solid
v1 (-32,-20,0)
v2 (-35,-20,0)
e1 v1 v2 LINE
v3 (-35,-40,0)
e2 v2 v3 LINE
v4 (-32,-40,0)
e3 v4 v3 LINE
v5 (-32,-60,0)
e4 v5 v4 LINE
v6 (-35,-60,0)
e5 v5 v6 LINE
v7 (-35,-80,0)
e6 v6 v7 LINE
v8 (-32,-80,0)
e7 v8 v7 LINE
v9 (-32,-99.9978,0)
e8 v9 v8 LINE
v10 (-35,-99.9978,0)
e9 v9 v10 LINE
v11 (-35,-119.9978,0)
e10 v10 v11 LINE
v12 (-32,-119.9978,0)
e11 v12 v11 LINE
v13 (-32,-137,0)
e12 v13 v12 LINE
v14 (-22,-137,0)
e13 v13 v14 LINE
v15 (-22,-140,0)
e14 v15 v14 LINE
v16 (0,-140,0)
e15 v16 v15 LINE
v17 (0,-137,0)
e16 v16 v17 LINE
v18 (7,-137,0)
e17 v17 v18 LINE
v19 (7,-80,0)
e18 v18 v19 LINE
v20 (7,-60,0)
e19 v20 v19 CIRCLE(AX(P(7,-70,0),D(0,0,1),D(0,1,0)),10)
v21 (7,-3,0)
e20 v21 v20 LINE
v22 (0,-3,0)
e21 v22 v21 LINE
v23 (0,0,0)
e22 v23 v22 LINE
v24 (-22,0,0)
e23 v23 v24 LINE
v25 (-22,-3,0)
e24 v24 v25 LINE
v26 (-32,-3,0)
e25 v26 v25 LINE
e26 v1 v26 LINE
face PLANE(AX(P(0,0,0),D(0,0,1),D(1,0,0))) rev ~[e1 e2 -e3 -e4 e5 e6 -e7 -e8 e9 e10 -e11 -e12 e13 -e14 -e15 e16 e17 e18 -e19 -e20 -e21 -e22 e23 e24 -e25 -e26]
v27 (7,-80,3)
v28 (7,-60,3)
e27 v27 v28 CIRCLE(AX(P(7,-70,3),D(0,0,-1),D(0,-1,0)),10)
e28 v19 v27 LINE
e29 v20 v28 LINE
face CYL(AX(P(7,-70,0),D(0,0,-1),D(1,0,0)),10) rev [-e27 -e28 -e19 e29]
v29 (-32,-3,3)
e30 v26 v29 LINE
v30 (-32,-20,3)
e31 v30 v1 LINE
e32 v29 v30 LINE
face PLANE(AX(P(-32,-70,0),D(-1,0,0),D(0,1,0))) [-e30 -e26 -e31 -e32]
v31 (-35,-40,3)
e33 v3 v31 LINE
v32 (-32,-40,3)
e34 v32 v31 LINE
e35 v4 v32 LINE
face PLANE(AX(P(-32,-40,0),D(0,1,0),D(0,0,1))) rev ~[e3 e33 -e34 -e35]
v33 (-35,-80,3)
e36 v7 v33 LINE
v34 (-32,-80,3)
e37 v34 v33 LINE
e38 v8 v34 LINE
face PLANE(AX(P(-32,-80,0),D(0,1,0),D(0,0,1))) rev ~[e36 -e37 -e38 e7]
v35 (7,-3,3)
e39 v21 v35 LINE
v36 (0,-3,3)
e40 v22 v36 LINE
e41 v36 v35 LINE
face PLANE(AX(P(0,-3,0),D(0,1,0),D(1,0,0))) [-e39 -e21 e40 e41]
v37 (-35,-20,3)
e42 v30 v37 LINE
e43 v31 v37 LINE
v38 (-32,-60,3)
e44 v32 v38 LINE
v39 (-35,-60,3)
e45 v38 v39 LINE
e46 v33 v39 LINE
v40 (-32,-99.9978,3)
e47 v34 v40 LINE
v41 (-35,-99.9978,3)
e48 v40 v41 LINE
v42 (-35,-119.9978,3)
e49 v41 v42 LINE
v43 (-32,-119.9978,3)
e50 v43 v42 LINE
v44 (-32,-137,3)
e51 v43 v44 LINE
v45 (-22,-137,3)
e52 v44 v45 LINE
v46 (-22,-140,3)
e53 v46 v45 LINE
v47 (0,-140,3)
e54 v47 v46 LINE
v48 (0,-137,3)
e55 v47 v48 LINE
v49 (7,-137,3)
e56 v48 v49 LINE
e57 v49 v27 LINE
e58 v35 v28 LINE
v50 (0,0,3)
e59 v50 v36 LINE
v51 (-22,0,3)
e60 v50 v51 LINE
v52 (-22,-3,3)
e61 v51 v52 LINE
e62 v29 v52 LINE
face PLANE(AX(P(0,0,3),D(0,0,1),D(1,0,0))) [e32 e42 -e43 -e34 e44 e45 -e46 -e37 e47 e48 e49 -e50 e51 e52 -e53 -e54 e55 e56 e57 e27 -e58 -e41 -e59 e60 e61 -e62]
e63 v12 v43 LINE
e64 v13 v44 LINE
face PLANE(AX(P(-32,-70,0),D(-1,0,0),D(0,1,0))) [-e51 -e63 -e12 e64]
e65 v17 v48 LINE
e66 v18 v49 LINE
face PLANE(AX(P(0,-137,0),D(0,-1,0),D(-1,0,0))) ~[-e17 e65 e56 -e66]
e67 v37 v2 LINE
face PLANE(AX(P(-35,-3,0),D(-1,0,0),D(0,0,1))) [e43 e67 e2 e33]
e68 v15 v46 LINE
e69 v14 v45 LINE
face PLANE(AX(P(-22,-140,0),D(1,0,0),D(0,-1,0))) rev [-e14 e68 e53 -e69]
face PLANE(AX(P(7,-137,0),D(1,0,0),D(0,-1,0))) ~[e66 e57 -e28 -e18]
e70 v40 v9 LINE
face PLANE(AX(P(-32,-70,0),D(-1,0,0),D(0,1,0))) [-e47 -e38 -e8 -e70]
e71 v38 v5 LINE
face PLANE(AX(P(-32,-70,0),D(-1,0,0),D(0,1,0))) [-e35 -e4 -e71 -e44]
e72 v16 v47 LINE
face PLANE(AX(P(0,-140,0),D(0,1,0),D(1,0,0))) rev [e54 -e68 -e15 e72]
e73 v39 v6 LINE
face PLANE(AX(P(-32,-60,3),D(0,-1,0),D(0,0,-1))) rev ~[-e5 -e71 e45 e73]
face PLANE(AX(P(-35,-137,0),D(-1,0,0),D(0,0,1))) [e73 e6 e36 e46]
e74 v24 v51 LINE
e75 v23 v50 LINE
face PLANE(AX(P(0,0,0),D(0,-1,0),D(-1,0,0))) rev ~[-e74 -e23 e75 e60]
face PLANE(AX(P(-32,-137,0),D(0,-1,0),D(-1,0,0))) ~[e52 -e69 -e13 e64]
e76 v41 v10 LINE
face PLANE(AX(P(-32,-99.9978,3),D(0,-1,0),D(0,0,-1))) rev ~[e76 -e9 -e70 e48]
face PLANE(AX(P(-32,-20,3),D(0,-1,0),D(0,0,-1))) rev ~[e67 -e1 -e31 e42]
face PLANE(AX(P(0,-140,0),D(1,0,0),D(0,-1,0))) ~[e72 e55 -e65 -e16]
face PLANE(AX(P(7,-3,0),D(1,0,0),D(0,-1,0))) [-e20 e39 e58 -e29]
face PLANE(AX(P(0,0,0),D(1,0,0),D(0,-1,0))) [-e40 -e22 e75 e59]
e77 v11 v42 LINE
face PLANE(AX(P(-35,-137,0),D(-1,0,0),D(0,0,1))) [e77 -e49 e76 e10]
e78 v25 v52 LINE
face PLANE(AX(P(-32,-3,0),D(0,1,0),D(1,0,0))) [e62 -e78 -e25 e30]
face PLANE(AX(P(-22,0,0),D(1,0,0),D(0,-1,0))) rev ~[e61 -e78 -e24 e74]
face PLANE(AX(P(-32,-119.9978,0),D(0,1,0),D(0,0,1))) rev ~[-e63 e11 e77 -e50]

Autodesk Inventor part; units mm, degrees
ref_plane "YZ Plane" through (0, 0, 0) normal (1, 0, 0) x (0, 1, 0)
ref_plane "XZ Plane" through (0, 0, 0) normal (0, 1, 0) x (-1, 0, 0)
ref_plane "XY Plane" through (0, 0, 0) normal (0, 0, 1) x (1, 0, 0)
sketch "Sketch1" plane through (0, 0, 0) normal (0, 0, 1) x (1, 0, 0)
  line L0 (0, 0) -> (0, -3)
  line L1 (0, -3) -> (7, -3)
  line L2 (7, -3) -> (7, 0)
  line L3 (0, 0) -> (-22, 0)
  line L4 (-22, 0) -> (-22, -3)
  line L5 (-22, -3) -> (0, -3)
  line L6 (0, -3) -> (0, 0)
  line L7 (-22, 0) -> (-32, 0)
  line L8 (-32, 0) -> (-32, -3)
  line L9 (-32, -3) -> (-22, -3)
  line L10 (-22, -3) -> (-22, 0)
  line L11 (-32, 0) -> (7, 0)
  line L12 (7, 0) -> (7, -70)
  line L13 (7, -70) -> (-32, -70)
  line L14 (-32, -70) -> (-32, 0)
  circle A0 centre (7, -70) radius 10
  point P0 (-3, -70)
  point P1 (7, -60)
  dimension "d0" = 3
  dimension "d1" = 7
  dimension "d2" = 22
  dimension "d3" = 3
  dimension "d4" = 10
  dimension "d5" = 3
  dimension "d6" = 39
  dimension "d7" = 70
  dimension "d8" = 20
extrude "Extrusion1" add sketch "Sketch1" along normal blind 3 contours L0 L5 L4 L3 | L1 L12 A0 L13 L14 L9 L5
mirror "Mirror1" about plane through (-32, -70, 0) normal (0, -1, 0) of "Extrusion1"
sketch "Sketch2" plane through (-32, -3, 0) normal (-1, 0, 0) x (0, 0, 1)
  line L0 (0, 0) -> (3, 0)
  line L1 (3, 0) -> (3, -17)
  line L2 (3, -17) -> (0, -17)
  line L3 (0, -17) -> (0, 0)
  line L4 (3, -17) -> (0, -17)
  line L5 (0, -17) -> (0, -37)
  line L6 (0, -37) -> (3, -37)
  line L7 (3, -37) -> (3, -17)
  line L8 (0, -37) -> (3, -37)
  line L9 (3, -37) -> (3, -57)
  line L10 (3, -57) -> (0, -57)
  line L11 (0, -57) -> (0, -37)
  point P0 (0, 3)
  dimension "d11" = 3
  dimension "d12" = 17
  dimension "d13" = 3
  dimension "d14" = 20
  dimension "d15" = 3
  dimension "d16" = 20
extrude "Extrusion2" add sketch "Sketch2" along normal blind 3 contours L2 L7 L6 L5
sketch "Sketch3" plane through (-32, -137, 0) normal (-1, 0, 0) x (0, 0, 1)
  line L0 (0, 97) -> (3, 97)
  line L1 (3, 97) -> (3, 77)
  line L2 (3, 77) -> (0, 77)
  line L3 (0, 77) -> (0, 97)
  line L4 (3, 77) -> (0, 77)
  line L5 (0, 77) -> (0, 57)
  line L6 (0, 57) -> (3, 57)
  line L7 (3, 57) -> (3, 77)
  line L8 (0, 97) -> (0, 0) projected
  line L9 (3, 57) -> (0, 57)
  line L10 (0, 57) -> (0, 37)
  line L11 (0, 37) -> (3, 37)
  line L12 (3, 37) -> (3, 57)
  point P0 (0, 137)
  dimension "d19" = 3
  dimension "d20" = 20
  dimension "d21" = 3
  dimension "d22" = 20
  dimension "d23" = 20
extrude "Extrusion3" add sketch "Sketch3" along normal blind 3 contours L2 L7 L6 L5
sketch "Sketch4" plane through (-32, -137, 0) normal (-1, 0, 0) x (0, 0, 1)
  line L0 (2.7004, 57) -> (3, 37.0022)
  line L1 (3, 57) -> (3, 0) projected
  line L2 (0, 57) -> (0, 0) projected
  line L3 (3, 37.0022) -> (0, 37.0022)
  line L4 (0, 37.0022) -> (0, 17.0022)
  line L5 (0, 17.0022) -> (3, 17.0022)
  line L6 (3, 17.0022) -> (3, 37.0022)
  point P0 (0, 137)
  point P1 (3, 17.0022)
  point P2 (0, 37.0022)
  dimension "d26" = 20
  dimension "d27" = 20
extrude "Extrusion4" add sketch "Sketch4" along normal blind 3
properties part number "ACHTERKANT"
